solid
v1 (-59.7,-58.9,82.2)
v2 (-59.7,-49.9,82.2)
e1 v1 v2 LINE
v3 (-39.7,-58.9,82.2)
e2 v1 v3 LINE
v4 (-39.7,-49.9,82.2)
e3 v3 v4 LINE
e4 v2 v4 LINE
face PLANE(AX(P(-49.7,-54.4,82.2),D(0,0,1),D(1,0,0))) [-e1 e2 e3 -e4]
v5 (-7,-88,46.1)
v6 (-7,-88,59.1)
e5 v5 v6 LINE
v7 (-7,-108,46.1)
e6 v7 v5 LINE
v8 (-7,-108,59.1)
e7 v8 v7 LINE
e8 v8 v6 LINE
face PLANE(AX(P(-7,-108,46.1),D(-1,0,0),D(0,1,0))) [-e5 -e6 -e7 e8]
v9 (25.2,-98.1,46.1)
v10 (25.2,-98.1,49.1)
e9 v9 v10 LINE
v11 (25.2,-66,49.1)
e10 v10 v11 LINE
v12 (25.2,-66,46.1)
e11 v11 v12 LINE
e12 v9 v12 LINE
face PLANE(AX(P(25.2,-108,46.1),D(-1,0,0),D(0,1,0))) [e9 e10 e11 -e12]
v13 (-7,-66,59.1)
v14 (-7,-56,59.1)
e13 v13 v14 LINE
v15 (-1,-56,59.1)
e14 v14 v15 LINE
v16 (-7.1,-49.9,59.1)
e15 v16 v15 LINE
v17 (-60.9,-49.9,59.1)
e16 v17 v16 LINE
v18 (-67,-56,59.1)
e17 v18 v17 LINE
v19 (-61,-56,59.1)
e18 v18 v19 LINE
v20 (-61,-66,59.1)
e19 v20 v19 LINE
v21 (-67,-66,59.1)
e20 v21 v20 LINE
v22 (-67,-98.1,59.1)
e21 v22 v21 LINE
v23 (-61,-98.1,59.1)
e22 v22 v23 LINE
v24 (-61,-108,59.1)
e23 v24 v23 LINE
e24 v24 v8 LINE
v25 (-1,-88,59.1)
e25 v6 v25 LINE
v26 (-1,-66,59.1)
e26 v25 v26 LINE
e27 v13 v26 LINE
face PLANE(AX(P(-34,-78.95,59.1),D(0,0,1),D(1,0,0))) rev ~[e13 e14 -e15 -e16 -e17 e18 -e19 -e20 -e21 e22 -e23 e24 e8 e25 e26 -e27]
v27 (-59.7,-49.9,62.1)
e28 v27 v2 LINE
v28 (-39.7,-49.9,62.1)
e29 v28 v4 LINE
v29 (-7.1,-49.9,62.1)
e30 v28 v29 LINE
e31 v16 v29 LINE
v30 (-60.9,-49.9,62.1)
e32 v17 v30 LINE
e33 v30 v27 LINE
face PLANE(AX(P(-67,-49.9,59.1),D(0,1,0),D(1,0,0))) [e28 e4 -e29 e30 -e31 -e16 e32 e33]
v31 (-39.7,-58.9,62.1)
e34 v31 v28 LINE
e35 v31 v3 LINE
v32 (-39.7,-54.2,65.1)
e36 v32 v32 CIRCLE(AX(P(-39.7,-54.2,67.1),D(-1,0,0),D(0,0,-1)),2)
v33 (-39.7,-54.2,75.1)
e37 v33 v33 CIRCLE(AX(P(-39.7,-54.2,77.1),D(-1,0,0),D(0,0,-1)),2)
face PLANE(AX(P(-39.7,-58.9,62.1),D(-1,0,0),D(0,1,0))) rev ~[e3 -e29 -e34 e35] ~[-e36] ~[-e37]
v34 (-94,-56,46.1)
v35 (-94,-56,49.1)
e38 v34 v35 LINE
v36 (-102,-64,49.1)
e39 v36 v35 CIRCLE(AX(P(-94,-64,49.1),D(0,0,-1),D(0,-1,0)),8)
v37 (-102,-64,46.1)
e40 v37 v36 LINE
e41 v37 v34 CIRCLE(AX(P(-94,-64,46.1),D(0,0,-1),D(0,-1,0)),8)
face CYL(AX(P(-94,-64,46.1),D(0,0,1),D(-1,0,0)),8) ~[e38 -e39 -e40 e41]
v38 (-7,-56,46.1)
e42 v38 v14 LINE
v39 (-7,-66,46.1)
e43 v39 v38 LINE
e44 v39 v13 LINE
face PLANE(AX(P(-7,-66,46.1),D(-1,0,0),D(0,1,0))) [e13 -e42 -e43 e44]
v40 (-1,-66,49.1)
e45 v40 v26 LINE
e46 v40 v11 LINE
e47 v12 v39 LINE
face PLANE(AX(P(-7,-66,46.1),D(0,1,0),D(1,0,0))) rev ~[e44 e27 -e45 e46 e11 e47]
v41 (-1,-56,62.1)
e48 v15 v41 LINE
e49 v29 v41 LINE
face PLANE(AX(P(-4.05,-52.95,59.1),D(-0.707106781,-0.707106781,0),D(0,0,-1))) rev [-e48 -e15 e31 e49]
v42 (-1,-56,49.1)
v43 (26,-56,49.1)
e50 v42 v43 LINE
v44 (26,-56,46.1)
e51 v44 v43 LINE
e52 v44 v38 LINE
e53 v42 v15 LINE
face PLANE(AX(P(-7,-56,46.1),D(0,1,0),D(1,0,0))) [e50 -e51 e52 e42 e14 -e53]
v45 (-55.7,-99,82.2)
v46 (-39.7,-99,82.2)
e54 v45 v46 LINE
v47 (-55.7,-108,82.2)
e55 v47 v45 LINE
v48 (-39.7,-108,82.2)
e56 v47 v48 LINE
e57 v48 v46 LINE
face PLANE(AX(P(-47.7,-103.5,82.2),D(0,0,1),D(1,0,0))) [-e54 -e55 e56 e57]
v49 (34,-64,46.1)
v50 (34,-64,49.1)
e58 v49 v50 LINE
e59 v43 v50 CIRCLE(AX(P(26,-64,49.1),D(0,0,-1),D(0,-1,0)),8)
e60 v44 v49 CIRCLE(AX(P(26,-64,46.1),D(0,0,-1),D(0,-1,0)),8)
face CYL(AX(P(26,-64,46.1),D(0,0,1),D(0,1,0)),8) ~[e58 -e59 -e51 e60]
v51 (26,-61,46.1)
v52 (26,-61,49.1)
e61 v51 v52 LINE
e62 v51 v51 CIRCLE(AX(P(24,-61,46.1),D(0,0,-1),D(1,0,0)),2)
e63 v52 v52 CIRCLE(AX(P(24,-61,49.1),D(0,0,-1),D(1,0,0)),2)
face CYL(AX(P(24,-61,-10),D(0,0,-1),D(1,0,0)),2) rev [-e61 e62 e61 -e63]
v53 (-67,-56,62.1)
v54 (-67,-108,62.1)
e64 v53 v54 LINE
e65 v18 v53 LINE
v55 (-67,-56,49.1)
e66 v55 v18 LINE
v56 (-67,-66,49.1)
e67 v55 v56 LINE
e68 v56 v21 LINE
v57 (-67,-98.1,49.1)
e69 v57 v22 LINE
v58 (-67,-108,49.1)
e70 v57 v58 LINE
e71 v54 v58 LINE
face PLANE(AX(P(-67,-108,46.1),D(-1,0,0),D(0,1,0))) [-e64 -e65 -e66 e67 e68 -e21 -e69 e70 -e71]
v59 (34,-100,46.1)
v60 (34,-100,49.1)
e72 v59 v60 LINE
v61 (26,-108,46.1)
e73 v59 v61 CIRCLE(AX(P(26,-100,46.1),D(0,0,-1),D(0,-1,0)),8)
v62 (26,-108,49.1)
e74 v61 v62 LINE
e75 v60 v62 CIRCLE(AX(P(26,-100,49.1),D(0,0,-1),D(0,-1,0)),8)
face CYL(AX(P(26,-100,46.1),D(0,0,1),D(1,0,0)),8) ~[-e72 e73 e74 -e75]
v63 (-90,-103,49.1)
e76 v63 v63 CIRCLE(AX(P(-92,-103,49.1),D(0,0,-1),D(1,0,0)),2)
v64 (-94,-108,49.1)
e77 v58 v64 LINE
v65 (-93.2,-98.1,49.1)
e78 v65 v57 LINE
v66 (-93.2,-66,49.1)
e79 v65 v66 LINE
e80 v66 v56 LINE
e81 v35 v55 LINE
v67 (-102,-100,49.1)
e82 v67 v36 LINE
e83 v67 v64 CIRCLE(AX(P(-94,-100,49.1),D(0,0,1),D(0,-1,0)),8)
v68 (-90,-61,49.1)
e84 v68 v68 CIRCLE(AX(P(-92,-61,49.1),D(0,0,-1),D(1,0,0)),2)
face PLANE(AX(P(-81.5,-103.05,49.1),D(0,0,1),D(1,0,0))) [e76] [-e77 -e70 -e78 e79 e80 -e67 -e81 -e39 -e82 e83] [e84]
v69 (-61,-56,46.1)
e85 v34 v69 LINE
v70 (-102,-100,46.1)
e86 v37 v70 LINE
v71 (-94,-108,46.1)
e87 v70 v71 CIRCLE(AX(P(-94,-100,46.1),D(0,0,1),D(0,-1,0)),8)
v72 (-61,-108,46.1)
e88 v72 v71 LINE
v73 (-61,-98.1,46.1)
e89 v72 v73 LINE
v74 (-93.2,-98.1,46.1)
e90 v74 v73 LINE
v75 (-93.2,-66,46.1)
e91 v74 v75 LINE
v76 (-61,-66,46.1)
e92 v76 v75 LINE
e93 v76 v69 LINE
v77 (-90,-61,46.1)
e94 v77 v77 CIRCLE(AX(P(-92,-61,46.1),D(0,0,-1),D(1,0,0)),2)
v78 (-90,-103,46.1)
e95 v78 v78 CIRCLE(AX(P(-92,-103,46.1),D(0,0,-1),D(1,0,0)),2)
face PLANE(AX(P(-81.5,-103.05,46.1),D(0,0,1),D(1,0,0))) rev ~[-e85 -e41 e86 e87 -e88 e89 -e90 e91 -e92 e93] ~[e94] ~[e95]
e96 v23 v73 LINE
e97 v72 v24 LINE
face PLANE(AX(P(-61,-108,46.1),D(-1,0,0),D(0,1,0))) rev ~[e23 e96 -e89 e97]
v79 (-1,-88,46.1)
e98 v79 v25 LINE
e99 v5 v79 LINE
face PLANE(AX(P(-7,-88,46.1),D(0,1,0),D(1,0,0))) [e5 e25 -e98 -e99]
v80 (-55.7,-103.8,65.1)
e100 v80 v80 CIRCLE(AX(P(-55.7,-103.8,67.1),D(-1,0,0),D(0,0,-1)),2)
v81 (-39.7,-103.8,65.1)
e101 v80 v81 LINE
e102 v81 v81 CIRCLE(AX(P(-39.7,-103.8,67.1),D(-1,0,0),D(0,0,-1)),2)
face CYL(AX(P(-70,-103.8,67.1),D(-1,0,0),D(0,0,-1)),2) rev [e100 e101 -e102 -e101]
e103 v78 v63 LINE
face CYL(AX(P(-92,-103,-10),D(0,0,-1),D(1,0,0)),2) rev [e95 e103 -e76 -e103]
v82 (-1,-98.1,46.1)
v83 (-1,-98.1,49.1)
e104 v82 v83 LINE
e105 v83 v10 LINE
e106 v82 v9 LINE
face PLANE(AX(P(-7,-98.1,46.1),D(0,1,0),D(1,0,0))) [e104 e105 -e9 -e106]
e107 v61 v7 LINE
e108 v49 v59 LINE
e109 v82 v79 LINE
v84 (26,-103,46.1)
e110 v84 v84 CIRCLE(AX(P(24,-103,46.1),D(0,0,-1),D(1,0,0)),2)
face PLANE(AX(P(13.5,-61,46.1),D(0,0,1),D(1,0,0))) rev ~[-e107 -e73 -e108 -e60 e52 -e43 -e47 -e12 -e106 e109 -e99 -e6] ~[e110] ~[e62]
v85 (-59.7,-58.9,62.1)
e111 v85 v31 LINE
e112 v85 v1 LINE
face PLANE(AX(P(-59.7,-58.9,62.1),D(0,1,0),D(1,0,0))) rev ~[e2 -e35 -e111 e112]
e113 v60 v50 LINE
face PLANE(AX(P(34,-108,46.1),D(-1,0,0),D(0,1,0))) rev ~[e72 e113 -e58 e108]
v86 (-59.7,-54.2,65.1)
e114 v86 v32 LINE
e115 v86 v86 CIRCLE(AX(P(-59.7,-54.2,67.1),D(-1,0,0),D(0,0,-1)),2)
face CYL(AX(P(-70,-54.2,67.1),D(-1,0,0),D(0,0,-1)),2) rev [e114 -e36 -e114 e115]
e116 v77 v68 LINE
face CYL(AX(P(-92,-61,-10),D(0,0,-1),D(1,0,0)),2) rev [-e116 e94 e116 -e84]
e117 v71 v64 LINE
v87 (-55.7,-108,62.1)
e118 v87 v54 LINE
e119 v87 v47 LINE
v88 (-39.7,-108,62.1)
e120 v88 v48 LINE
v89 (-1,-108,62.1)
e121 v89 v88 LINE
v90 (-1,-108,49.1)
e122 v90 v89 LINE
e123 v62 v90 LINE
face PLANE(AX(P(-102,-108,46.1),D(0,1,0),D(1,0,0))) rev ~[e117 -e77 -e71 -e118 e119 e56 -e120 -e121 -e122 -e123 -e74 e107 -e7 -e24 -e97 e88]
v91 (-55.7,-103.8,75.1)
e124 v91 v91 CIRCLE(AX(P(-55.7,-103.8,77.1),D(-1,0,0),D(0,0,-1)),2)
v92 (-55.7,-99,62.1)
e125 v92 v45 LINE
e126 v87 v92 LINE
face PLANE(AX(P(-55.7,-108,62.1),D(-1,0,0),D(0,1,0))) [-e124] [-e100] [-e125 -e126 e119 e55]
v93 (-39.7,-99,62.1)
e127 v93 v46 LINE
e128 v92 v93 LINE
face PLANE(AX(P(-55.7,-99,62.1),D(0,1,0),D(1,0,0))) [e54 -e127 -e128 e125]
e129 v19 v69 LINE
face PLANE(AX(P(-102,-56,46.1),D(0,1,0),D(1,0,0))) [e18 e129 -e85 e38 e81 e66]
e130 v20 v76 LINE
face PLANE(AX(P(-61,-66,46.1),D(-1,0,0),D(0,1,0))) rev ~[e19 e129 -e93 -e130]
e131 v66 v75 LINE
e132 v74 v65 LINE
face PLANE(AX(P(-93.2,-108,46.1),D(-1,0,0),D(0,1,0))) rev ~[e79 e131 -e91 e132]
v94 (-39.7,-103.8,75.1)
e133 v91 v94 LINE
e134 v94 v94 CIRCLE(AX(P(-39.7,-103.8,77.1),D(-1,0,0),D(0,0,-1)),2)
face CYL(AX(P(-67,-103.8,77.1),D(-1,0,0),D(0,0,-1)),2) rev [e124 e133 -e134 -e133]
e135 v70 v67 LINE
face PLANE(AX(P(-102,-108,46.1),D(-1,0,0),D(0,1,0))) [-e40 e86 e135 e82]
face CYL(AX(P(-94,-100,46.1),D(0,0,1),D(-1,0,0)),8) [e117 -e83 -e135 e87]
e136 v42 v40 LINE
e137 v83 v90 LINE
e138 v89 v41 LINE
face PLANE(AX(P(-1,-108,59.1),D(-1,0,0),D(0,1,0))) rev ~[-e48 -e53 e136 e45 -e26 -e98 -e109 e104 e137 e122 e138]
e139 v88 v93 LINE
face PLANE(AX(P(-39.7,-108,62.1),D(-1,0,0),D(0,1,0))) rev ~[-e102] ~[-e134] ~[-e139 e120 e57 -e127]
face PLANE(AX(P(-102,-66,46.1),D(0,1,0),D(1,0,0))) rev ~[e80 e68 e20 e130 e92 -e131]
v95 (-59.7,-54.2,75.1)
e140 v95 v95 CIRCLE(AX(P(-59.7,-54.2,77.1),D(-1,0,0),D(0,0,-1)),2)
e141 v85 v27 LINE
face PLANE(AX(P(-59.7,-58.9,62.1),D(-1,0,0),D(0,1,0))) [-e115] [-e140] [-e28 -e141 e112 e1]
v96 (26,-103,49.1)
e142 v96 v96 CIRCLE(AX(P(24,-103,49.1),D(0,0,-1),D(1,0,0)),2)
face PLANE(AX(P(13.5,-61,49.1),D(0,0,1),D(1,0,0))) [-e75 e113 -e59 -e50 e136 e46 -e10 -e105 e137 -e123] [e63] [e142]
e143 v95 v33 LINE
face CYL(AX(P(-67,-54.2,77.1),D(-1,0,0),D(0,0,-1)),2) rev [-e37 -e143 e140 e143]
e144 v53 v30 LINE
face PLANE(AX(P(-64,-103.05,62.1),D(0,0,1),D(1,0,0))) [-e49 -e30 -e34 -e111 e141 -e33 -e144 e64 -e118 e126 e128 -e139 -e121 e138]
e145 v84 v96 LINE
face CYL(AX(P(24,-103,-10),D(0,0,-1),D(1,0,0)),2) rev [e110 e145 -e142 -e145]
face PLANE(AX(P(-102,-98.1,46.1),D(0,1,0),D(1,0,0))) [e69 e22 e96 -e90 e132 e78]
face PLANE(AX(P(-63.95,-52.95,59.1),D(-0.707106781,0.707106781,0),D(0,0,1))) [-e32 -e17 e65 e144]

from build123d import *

# Parameters (mm, degrees)
CYLINDER382_R     = 2
CYLINDER382_DEPTH = 70
CYLINDER383_R     = 2
CYLINDER383_DEPTH = 70
BOX476_W          = 8.8
BOX476_H          = 52
BOX476_DEPTH      = 3
BOX473_W          = 41
BOX473_H          = 10
BOX473_DEPTH      = 3
BOX471_W          = 41
BOX471_H          = 9.9
BOX471_DEPTH      = 3
FILLET021_R       = 8
BOX411_W          = 6
BOX411_H          = 10
BOX411_DEPTH      = 16
BOX286_W          = 6
BOX286_H          = 9.9
BOX286_DEPTH      = 16
BOX409_W          = 6
BOX409_H          = 10
BOX409_DEPTH      = 16
BOX288_W          = 6
BOX288_H          = 20
BOX288_DEPTH      = 16
CYLINDER180_R     = 2
CYLINDER180_DEPTH = 33
CYLINDER179_R     = 2
CYLINDER179_DEPTH = 30
CYLINDER182_R     = 2
CYLINDER182_DEPTH = 33
CYLINDER181_R     = 2
CYLINDER181_DEPTH = 30
BOX408_W          = 20
BOX408_H          = 9
BOX408_DEPTH      = 20.1
BOX281_W          = 16
BOX281_H          = 9
BOX281_DEPTH      = 20.1
BOX283_W          = 66
BOX283_H          = 58.1
BOX283_DEPTH      = 3
CHAMFER044_SIZE   = 6.1
CYLINDER380_R     = 2
CYLINDER380_DEPTH = 65
CYLINDER381_R     = 2
CYLINDER381_DEPTH = 65
BOX475_W          = 8.8
BOX475_H          = 52
BOX475_DEPTH      = 3
BOX474_W          = 41
BOX474_H          = 10
BOX474_DEPTH      = 3
BOX472_W          = 41
BOX472_H          = 9.9
BOX472_DEPTH      = 3
FILLET019_R       = 8


with BuildPart() as cylinder382:
    # Cylinder382 → Cylinder382 (new body)
    with BuildSketch(Plane(origin=(-90, -103, -10), x_dir=(1, 0, 0), z_dir=(0, 0, 1))):
        Circle(CYLINDER382_R)
    extrude(amount=CYLINDER382_DEPTH)


with BuildPart() as fusion374:
    # Cylinder383 → Cylinder383 (new body)
    with BuildSketch(Plane(origin=(-90, -61, -10), x_dir=(1, 0, 0), z_dir=(0, 0, 1))):
        Circle(CYLINDER383_R)
    extrude(amount=CYLINDER383_DEPTH)

    # Fusion374: union Cylinder382
    add(cylinder382.part)


with BuildPart() as fusion374_1:
    # Fusion374 placement: moved
    add(fusion374.part.moved(Location((114, 0, 0))))


with BuildPart() as box476:
    # Box476 → Box476 (new body)
    with BuildSketch(Plane(origin=(25.2, -108, 46.1), x_dir=(1, 0, 0), z_dir=(0, 0, 1))):
        with Locations((4.4, 26)):
            Rectangle(BOX476_W, BOX476_H)
    extrude(amount=BOX476_DEPTH)


with BuildPart() as box473:
    # Box473 → Box473 (new body)
    with BuildSketch(Plane(origin=(-7, -66, 46.1), x_dir=(1, 0, 0), z_dir=(0, 0, 1))):
        with Locations((20.5, 5)):
            Rectangle(BOX473_W, BOX473_H)
    extrude(amount=BOX473_DEPTH)


with BuildPart() as fillet021:
    # Box471 → Box471 (new body)
    with BuildSketch(Plane(origin=(-7, -108, 46.1), x_dir=(1, 0, 0), z_dir=(0, 0, 1))):
        with Locations((20.5, 4.95)):
            Rectangle(BOX471_W, BOX471_H)
    extrude(amount=BOX471_DEPTH)

    # Fusion376: union Box476, Box473
    add(box476.part)
    add(box473.part)

    # Cut414: cut Fusion374
    add(fusion374_1.part, mode=Mode.SUBTRACT)

    # Fillet021
    fillet021_edges = [fillet021.edges().sort_by_distance(p)[0] for p in [
        (34, -108, 47.6),
        (34, -56, 47.6),
    ]]
    fillet(fillet021_edges, radius=FILLET021_R)


with BuildPart() as box411:
    # Box411 → Box411 (new body)
    with BuildSketch(Plane(origin=(-7, -66, 46.1), x_dir=(1, 0, 0), z_dir=(0, 0, 1))):
        with Locations((3, 5)):
            Rectangle(BOX411_W, BOX411_H)
    extrude(amount=BOX411_DEPTH)


with BuildPart() as box286:
    # Box286 → Box286 (new body)
    with BuildSketch(Plane(origin=(-67, -108, 46.1), x_dir=(1, 0, 0), z_dir=(0, 0, 1))):
        with Locations((3, 4.95)):
            Rectangle(BOX286_W, BOX286_H)
    extrude(amount=BOX286_DEPTH)


with BuildPart() as box409:
    # Box409 → Box409 (new body)
    with BuildSketch(Plane(origin=(-67, -66, 46.1), x_dir=(1, 0, 0), z_dir=(0, 0, 1))):
        with Locations((3, 5)):
            Rectangle(BOX409_W, BOX409_H)
    extrude(amount=BOX409_DEPTH)


with BuildPart() as fusion377:
    # Box288 → Box288 (new body)
    with BuildSketch(Plane(origin=(-7, -108, 46.1), x_dir=(1, 0, 0), z_dir=(0, 0, 1))):
        with Locations((3, 10)):
            Rectangle(BOX288_W, BOX288_H)
    extrude(amount=BOX288_DEPTH)

    # Fusion377: union Box411, Box286, Box409
    add(box411.part)
    add(box286.part)
    add(box409.part)


with BuildPart() as cylinder180:
    # Cylinder180 → Cylinder180 (new body)
    with BuildSketch(Plane(origin=(-74.6, -105.8, 63), x_dir=(0, 0, -1), z_dir=(1, 0, 0))):
        Circle(CYLINDER180_R)
    extrude(amount=CYLINDER180_DEPTH)


with BuildPart() as fusion247:
    # Cylinder179 → Cylinder179 (new body)
    with BuildSketch(Plane(origin=(-71.6, -105.8, 73), x_dir=(0, 0, -1), z_dir=(1, 0, 0))):
        Circle(CYLINDER179_R)
    extrude(amount=CYLINDER179_DEPTH)

    # Fusion247: union Cylinder180
    add(cylinder180.part)


with BuildPart() as fusion247_1:
    # Fusion247 placement: moved
    add(fusion247.part.moved(Location((0, 2, 4))))


with BuildPart() as cylinder182:
    # Cylinder182 → Cylinder182 (new body)
    with BuildSketch(Plane(origin=(-74.6, -56.2, 63), x_dir=(0, 0, -1), z_dir=(1, 0, 0))):
        Circle(CYLINDER182_R)
    extrude(amount=CYLINDER182_DEPTH)


with BuildPart() as fusion252:
    # Cylinder181 → Cylinder181 (new body)
    with BuildSketch(Plane(origin=(-71.6, -56.2, 73), x_dir=(0, 0, -1), z_dir=(1, 0, 0))):
        Circle(CYLINDER181_R)
    extrude(amount=CYLINDER181_DEPTH)

    # Fusion246: union Cylinder182
    add(cylinder182.part)


with BuildPart() as fusion252_1:
    # Fusion246 placement: moved
    add(fusion252.part.moved(Location((0, 2, 4))))

    # Fusion252: union Fusion247
    add(fusion247_1.part)


with BuildPart() as box408:
    # Box408 → Box408 (new body)
    with BuildSketch(Plane(origin=(-64.3, -58.9, 62), x_dir=(1, 0, 0), z_dir=(0, 0, 1))):
        with Locations((10, 4.5)):
            Rectangle(BOX408_W, BOX408_H)
    extrude(amount=BOX408_DEPTH)


with BuildPart() as box281:
    # Box281 → Box281 (new body)
    with BuildSketch(Plane(origin=(-60.3, -108, 62), x_dir=(1, 0, 0), z_dir=(0, 0, 1))):
        with Locations((8, 4.5)):
            Rectangle(BOX281_W, BOX281_H)
    extrude(amount=BOX281_DEPTH)


with BuildPart() as chamfer044:
    # Box283 → Box283 (new body)
    with BuildSketch(Plane(origin=(-71.6, -108, 59), x_dir=(1, 0, 0), z_dir=(0, 0, 1))):
        with Locations((33, 29.05)):
            Rectangle(BOX283_W, BOX283_H)
    extrude(amount=BOX283_DEPTH)

    # Fusion372: union Box408, Box281
    add(box408.part)
    add(box281.part)

    # Cut412: cut Fusion252
    add(fusion252_1.part, mode=Mode.SUBTRACT)


with BuildPart() as chamfer044_1:
    # Cut412 placement: moved
    add(chamfer044.part.moved(Location((4.7, 0, 0.1))))

    # Chamfer044
    chamfer044_edges = [chamfer044_1.edges().sort_by_distance(p)[0] for p in [
        (-66.9, -49.9, 60.6),
        (-0.9, -49.9, 60.6),
    ]]
    chamfer(chamfer044_edges, length=CHAMFER044_SIZE)


with BuildPart() as chamfer044_2:
    # Chamfer044 placement: moved
    add(chamfer044_1.part.moved(Location((-0.1, 0, 0))))


with BuildPart() as cylinder380:
    # Cylinder380 → Cylinder380 (new body)
    with BuildSketch(Plane(origin=(-90, -103, -10), x_dir=(1, 0, 0), z_dir=(0, 0, 1))):
        Circle(CYLINDER380_R)
    extrude(amount=CYLINDER380_DEPTH)


with BuildPart() as fusion373:
    # Cylinder381 → Cylinder381 (new body)
    with BuildSketch(Plane(origin=(-90, -61, -10), x_dir=(1, 0, 0), z_dir=(0, 0, 1))):
        Circle(CYLINDER381_R)
    extrude(amount=CYLINDER381_DEPTH)

    # Fusion373: union Cylinder380
    add(cylinder380.part)


with BuildPart() as fusion373_1:
    # Fusion373 placement: moved
    add(fusion373.part.moved(Location((-2, 0, 0))))


with BuildPart() as box475:
    # Box475 → Box475 (new body)
    with BuildSketch(Plane(origin=(-102, -108, 46.1), x_dir=(1, 0, 0), z_dir=(0, 0, 1))):
        with Locations((4.4, 26)):
            Rectangle(BOX475_W, BOX475_H)
    extrude(amount=BOX475_DEPTH)


with BuildPart() as box474:
    # Box474 → Box474 (new body)
    with BuildSketch(Plane(origin=(-102, -66, 46.1), x_dir=(1, 0, 0), z_dir=(0, 0, 1))):
        with Locations((20.5, 5)):
            Rectangle(BOX474_W, BOX474_H)
    extrude(amount=BOX474_DEPTH)


with BuildPart() as rescue_arm_stand:
    # Box472 → Box472 (new body)
    with BuildSketch(Plane(origin=(-102, -108, 46.1), x_dir=(1, 0, 0), z_dir=(0, 0, 1))):
        with Locations((20.5, 4.95)):
            Rectangle(BOX472_W, BOX472_H)
    extrude(amount=BOX472_DEPTH)

    # Fusion375: union Box475, Box474
    add(box475.part)
    add(box474.part)

    # Cut413: cut Fusion373
    add(fusion373_1.part, mode=Mode.SUBTRACT)

    # Fillet019
    fillet019_edges = [rescue_arm_stand.edges().sort_by_distance(p)[0] for p in [
        (-102, -108, 47.6),
        (-102, -56, 47.6),
    ]]
    fillet(fillet019_edges, radius=FILLET019_R)

    # Fusion378: union Fillet021, Fusion377, Chamfer044
    add(fillet021.part)
    add(fusion377.part)
    add(chamfer044_2.part)


solid = rescue_arm_stand.part
